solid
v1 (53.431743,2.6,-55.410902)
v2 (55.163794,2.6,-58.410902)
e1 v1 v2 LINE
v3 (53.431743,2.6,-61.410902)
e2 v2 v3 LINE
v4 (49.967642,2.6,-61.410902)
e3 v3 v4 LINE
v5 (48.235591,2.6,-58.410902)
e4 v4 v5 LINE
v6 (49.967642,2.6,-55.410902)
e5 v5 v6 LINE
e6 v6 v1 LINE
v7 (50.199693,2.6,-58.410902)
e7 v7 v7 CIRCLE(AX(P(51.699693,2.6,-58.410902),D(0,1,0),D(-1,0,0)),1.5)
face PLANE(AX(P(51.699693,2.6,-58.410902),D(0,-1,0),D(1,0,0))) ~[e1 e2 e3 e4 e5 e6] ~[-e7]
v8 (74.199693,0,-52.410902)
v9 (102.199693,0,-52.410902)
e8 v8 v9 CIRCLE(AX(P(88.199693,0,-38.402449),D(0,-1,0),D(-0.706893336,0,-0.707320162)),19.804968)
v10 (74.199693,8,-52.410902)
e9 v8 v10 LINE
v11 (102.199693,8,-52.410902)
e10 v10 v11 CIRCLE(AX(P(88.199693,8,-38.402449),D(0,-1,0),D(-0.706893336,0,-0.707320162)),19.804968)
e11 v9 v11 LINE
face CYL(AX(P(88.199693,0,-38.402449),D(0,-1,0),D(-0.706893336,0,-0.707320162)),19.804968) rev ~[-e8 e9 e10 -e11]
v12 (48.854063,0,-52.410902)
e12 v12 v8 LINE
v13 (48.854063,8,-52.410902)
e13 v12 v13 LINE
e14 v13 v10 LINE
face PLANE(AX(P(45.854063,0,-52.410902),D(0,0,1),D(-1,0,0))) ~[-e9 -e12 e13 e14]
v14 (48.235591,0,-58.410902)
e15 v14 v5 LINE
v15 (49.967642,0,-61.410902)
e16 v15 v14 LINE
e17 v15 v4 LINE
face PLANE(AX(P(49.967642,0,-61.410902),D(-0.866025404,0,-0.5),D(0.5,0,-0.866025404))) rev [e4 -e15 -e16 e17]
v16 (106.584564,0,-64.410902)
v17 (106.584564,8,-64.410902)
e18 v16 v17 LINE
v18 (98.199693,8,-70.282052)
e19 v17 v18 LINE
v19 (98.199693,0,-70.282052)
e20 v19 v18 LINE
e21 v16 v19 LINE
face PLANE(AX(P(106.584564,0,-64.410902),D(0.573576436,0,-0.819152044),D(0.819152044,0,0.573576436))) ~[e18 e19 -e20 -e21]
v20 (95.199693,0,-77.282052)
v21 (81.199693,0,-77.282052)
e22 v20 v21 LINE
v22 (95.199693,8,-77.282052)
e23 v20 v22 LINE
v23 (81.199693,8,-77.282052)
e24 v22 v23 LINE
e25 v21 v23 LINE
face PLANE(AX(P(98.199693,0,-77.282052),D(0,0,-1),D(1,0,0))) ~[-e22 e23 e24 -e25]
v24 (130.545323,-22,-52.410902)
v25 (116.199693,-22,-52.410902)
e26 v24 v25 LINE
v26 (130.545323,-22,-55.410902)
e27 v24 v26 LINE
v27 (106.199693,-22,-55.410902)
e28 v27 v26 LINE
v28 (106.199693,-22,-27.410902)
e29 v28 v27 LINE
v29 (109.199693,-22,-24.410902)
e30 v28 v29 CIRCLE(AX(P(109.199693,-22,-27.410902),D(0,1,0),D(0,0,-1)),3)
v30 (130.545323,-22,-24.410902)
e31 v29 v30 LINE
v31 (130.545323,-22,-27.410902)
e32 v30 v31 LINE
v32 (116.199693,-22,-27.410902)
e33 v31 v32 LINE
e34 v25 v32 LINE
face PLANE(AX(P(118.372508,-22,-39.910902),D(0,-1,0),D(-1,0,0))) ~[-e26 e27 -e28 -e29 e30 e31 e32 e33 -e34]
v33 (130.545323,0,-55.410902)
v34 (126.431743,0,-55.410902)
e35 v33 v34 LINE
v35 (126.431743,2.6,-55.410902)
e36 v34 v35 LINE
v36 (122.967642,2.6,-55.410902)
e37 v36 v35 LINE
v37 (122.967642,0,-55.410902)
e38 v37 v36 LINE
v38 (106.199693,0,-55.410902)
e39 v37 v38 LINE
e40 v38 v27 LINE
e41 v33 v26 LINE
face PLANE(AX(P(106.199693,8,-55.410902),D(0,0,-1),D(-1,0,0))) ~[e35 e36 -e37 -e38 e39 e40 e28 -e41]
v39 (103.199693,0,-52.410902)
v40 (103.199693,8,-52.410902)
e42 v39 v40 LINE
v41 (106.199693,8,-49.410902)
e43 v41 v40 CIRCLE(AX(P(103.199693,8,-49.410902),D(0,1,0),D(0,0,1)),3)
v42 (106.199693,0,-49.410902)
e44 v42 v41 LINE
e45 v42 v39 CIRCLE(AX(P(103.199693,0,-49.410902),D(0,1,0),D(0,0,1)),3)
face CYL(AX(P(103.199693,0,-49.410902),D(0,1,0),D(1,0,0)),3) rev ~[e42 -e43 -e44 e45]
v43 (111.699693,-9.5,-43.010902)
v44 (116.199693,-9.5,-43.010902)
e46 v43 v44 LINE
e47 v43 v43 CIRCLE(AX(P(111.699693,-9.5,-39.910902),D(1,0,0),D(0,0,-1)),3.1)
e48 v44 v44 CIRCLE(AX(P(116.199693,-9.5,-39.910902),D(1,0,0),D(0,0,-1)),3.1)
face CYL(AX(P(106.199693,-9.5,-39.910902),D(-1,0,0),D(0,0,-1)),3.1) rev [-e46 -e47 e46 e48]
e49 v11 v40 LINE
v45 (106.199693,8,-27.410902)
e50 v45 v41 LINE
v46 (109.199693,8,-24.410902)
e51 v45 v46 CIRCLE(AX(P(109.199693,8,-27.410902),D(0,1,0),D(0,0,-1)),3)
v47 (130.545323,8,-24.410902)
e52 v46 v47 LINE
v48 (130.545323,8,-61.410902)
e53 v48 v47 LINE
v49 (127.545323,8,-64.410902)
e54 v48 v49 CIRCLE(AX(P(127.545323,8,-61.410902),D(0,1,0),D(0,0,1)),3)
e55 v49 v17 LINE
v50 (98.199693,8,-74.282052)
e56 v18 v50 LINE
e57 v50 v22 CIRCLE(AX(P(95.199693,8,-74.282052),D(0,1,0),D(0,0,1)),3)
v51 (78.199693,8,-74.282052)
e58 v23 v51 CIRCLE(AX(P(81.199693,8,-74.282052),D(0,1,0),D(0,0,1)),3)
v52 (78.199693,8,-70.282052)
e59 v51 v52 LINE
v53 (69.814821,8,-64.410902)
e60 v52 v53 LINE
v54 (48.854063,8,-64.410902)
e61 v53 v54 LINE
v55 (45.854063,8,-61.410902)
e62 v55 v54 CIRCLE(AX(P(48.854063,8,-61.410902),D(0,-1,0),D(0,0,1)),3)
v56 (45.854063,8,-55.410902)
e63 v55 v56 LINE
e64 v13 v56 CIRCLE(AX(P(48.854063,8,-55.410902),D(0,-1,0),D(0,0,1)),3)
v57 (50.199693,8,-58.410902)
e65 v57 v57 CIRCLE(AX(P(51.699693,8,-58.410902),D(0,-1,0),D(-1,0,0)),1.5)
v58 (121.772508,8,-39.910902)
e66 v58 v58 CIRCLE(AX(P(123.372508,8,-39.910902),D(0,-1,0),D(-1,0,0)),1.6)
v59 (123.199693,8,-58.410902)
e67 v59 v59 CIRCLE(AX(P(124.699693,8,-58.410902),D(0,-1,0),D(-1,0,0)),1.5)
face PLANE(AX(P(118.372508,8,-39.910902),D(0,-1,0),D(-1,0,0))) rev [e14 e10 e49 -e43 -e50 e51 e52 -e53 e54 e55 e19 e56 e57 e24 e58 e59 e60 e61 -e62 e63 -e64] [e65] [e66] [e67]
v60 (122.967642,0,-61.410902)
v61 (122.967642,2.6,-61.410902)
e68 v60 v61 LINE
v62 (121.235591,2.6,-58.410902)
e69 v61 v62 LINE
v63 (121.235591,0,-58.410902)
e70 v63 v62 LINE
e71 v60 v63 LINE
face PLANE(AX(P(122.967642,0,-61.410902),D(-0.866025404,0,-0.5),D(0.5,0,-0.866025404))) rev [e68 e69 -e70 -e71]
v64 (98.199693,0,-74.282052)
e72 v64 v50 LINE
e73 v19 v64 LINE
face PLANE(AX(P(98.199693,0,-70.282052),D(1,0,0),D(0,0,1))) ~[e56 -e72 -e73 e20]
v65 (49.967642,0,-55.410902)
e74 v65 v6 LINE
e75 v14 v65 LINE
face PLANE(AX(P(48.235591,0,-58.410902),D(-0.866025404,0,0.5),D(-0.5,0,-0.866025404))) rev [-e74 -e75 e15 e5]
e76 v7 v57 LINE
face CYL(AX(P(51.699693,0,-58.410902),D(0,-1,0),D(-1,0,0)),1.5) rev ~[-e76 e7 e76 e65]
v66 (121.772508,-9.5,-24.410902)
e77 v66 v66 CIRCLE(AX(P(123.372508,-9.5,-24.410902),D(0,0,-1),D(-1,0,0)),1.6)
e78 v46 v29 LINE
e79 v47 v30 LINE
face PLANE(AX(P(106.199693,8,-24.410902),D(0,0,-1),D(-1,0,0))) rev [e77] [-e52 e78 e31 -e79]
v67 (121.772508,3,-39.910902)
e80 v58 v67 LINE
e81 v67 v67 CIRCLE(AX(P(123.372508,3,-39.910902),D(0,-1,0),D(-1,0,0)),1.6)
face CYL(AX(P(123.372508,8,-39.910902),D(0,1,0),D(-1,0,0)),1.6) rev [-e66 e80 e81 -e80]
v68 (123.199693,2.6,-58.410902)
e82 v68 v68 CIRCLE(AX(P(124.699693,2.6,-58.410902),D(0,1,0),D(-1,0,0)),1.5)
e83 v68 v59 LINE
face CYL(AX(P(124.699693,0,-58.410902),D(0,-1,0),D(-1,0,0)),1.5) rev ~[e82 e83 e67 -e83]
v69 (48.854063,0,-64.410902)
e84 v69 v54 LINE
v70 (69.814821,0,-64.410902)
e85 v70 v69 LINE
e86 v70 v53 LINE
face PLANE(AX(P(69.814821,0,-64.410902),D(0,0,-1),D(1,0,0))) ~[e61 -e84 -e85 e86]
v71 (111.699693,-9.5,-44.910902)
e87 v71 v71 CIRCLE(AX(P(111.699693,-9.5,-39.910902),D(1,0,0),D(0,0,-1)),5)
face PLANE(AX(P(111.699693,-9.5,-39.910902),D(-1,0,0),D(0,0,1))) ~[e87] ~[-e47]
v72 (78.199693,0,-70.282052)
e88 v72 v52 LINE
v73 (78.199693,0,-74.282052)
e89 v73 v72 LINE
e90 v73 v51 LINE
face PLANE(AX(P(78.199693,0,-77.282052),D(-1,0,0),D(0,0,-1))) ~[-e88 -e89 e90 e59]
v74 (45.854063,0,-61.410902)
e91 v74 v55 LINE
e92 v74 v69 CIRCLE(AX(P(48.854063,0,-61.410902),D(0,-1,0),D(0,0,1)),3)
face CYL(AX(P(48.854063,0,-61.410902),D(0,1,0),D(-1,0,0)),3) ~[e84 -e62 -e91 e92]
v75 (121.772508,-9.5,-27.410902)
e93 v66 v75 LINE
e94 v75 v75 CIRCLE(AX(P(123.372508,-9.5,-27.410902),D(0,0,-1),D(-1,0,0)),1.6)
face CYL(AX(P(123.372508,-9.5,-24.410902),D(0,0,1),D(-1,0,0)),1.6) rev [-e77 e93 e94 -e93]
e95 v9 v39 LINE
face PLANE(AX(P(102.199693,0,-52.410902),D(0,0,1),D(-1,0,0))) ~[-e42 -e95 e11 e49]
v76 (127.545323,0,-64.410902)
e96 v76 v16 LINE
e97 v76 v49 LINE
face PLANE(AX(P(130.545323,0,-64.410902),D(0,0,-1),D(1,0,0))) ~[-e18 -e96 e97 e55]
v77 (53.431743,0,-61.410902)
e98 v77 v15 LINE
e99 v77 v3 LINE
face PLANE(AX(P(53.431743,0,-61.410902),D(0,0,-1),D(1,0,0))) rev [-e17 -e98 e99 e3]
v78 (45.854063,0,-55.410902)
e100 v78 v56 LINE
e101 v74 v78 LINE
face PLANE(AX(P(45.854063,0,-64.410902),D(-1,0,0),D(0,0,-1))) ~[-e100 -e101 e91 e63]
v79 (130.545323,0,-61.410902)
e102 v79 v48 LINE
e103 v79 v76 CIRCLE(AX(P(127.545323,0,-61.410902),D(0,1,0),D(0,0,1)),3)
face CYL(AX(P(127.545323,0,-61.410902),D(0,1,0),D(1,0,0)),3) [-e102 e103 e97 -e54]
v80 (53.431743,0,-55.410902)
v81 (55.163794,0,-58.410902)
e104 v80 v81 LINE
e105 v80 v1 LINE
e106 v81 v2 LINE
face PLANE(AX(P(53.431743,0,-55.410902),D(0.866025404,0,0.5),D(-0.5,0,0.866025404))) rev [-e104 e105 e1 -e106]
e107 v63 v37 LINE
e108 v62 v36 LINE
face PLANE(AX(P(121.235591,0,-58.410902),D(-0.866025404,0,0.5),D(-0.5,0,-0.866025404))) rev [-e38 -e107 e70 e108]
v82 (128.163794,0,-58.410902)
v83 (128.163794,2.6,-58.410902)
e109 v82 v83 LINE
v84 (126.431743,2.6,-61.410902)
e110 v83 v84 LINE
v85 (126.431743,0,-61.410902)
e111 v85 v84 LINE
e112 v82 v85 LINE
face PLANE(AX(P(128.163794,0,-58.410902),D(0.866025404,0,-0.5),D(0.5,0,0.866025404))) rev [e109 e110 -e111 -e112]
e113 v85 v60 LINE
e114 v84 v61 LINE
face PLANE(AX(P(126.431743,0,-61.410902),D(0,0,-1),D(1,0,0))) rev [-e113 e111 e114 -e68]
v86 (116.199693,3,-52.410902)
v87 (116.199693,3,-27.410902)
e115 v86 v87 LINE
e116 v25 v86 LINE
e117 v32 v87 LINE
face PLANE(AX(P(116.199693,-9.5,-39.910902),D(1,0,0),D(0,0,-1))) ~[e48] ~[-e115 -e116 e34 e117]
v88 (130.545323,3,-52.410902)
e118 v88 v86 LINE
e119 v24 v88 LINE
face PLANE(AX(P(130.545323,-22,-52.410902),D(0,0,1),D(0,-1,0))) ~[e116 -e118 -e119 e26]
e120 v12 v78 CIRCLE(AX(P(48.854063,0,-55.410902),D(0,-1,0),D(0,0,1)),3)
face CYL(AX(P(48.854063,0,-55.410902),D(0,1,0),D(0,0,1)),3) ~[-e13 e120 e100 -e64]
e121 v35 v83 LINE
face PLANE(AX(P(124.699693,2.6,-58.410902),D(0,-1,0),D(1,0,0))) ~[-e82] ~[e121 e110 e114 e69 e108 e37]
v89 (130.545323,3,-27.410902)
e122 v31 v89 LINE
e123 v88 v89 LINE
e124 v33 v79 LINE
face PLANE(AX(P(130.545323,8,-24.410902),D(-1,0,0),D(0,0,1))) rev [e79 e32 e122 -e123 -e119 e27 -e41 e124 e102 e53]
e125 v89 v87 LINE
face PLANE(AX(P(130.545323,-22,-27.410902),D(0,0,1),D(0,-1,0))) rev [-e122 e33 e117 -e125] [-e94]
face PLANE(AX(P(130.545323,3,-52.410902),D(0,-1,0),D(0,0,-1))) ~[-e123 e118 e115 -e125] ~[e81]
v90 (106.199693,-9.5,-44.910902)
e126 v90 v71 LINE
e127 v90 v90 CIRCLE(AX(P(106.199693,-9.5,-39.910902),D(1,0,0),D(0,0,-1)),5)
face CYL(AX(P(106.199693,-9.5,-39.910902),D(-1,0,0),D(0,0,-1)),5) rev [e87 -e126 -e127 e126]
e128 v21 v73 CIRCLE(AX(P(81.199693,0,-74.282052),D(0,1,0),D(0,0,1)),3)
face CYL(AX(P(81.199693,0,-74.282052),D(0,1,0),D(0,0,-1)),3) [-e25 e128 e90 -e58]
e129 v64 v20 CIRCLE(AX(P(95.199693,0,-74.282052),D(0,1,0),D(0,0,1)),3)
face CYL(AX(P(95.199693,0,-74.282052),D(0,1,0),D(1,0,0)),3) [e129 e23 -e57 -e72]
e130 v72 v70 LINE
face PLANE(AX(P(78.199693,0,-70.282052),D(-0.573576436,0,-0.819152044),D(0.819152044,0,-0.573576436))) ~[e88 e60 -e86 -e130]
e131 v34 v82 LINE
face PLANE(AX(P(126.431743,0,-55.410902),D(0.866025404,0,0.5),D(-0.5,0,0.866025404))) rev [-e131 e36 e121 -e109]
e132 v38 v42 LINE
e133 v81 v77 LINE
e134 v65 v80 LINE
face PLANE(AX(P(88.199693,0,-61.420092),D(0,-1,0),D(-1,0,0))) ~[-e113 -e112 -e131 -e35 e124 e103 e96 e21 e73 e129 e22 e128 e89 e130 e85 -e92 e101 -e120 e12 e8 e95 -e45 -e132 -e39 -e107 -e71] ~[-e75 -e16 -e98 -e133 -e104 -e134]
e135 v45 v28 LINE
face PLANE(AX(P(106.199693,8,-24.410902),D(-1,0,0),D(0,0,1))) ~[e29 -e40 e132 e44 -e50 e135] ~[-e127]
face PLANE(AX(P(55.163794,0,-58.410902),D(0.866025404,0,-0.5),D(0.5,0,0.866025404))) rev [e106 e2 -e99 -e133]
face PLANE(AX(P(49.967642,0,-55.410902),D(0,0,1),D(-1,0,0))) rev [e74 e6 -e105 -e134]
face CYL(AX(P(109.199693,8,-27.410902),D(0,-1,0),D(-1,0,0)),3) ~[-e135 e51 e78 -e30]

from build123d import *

# Parameters (mm, degrees)
SKETCH2_R           = 1.5
BOSS_EXTRUDE1_DEPTH = 8
SKETCH11_W          = 24.345630124
SKETCH11_H          = 31
BOSS_EXTRUDE4_DEPTH = 30
SKETCH12_W          = 25
SKETCH12_H          = 25
CUT_EXTRUDE7_DEPTH  = 14.34563
CUT_EXTRUDE8_REACH  = 26.346
SKETCH13_R          = 3.1
SKETCH14_R          = 5
CUT_EXTRUDE9_DEPTH  = 5.5
SKETCH15_R          = 1.6
CUT_EXTRUDE10_DEPTH = 5.5
CUT_EXTRUDE11_REACH = 32
SKETCH16_R          = 1.6
CUT_EXTRUDE12_DEPTH = 2.6
FILLET2_R           = 3


with BuildPart() as part:
    # Sketch2 → Boss-Extrude1 (new body)
    with BuildSketch(Plane(origin=(0, 0, 0), x_dir=(1, 0, 0), z_dir=(0, 1, 0))):
        with BuildLine():
            Line((-38.837197709, 64.4109018), (-14.876439197, 64.4109018))
            Line((-14.876439197, 64.4109018), (-6.491567585, 70.282052109))
            Line((-6.491567585, 70.282052109), (-6.491567585, 77.282052109))
            Line((-6.491567585, 77.282052109), (13.508432415, 77.282052109))
            Line((13.508432415, 77.282052109), (13.508432415, 70.282052109))
            Line((13.508432415, 70.282052109), (21.893304027, 64.4109018))
            Line((21.893304027, 64.4109018), (45.85406254, 64.4109018))
            Line((45.85406254, 64.4109018), (45.85406254, 52.4109018))
            Line((45.85406254, 52.4109018), (17.508432415, 52.4109018))
            ThreePointArc((17.508432415, 52.4109018), (3.508432415, 58.207416665), (-10.491567585, 52.4109018))
            Line((-10.491567585, 52.4109018), (-38.837197709, 52.4109018))
            Line((-38.837197709, 52.4109018), (-38.837197709, 64.4109018))
        make_face()
        with Locations((-32.991567585, 58.4109018)):
            Circle(SKETCH2_R, mode=Mode.SUBTRACT)
        with Locations((40.008432415, 58.4109018)):
            Circle(SKETCH2_R, mode=Mode.SUBTRACT)
    extrude(amount=BOSS_EXTRUDE1_DEPTH)

    # Sketch11 → Boss-Extrude4 (add)
    with BuildSketch(Plane(origin=(0, 8, 0), x_dir=(-1, 0, 0), z_dir=(0, -1, 0))):
        with Locations((26.664382647, 39.9109018)):
            Rectangle(SKETCH11_W, SKETCH11_H)
    extrude(amount=BOSS_EXTRUDE4_DEPTH)

    # Sketch12 → Cut-Extrude7 (cut)
    with BuildSketch(Plane.ZY.offset(38.837197709)):
        with Locations((-39.9109018, -9.5)):
            Rectangle(SKETCH12_W, SKETCH12_H)
    extrude(amount=-CUT_EXTRUDE7_DEPTH, mode=Mode.SUBTRACT)

    # Sketch13 → Cut-Extrude8 (cut, up to next)
    with BuildSketch(Plane(origin=(-14.491567585, 0, 0), x_dir=(0, 0, -1), z_dir=(1, 0, 0)), mode=Mode.PRIVATE) as cut_extrude8_sk1:
        with Locations((39.9109018, -9.5)):
            Circle(SKETCH13_R)
    cut_extrude8_tool1 = extrude(cut_extrude8_sk1.sketch, amount=-CUT_EXTRUDE8_REACH, mode=Mode.PRIVATE) & part.part
    add(cut_extrude8_tool1.solids().sort_by_distance((-14.491568, -9.5, -39.910902))[0], mode=Mode.SUBTRACT)

    # Sketch14 → Cut-Extrude9 (cut)
    with BuildSketch(Plane(origin=(-14.491567585, 0, 0), x_dir=(0, 0, -1), z_dir=(1, 0, 0))):
        with Locations((39.9109018, -9.5)):
            Circle(SKETCH14_R)
    extrude(amount=-CUT_EXTRUDE9_DEPTH, mode=Mode.SUBTRACT)

    # Sketch15 → Cut-Extrude10 (cut)
    with BuildSketch(Plane.XY.offset(-24.4109018)):
        with Locations((-31.664382647, -9.5)):
            Circle(SKETCH15_R)
    extrude(amount=-CUT_EXTRUDE10_DEPTH, mode=Mode.SUBTRACT)

    # Sketch16 → Cut-Extrude11 (cut, up to next)
    with BuildSketch(Plane(origin=(0, 8, 0), x_dir=(1, 0, 0), z_dir=(0, 1, 0)), mode=Mode.PRIVATE) as cut_extrude11_sk1:
        with Locations((-31.664382647, 39.9109018)):
            Circle(SKETCH16_R)
    cut_extrude11_tool1 = extrude(cut_extrude11_sk1.sketch, amount=-CUT_EXTRUDE11_REACH, mode=Mode.PRIVATE) & part.part
    add(cut_extrude11_tool1.solids().sort_by_distance((-31.664383, 8, -39.910902))[0], mode=Mode.SUBTRACT)

    # Sketch17 → Cut-Extrude12 (cut)
    with BuildSketch(Plane.XZ):
        Polygon((-31.259516777, -61.4109018), (-29.52746597, -58.4109018), (-31.259516777, -55.4109018), (-34.723618392, -55.4109018), (-36.4556692, -58.4109018), (-34.723618392, -61.4109018), align=None)
        Polygon((38.276381608, -61.4109018), (41.740483223, -61.4109018), (43.47253403, -58.4109018), (41.740483223, -55.4109018), (38.276381608, -55.4109018), (36.5443308, -58.4109018), align=None)
    extrude(amount=-CUT_EXTRUDE12_DEPTH, mode=Mode.SUBTRACT)

    # Fillet2
    fillet2_edges = [part.edges().sort_by_distance(p)[0] for p in [
        (-38.837197709, 4, -64.4109018),
        (-6.491567585, 4, -77.282052109),
        (13.508432415, 4, -77.282052109),
        (45.85406254, 4, -64.4109018),
        (45.85406254, 4, -52.4109018),
        (-14.491567585, 4, -52.4109018),
        (-14.491567585, -7, -24.4109018),
    ]]
    fillet(fillet2_edges, radius=FILLET2_R)


with BuildPart() as body_2:
    # Mirror2: mirrored copy
    add(part.part.mirror(Plane(origin=(45.85406254, 8, -64.4109018), x_dir=(0, 0, 1), z_dir=(-1, 0, 0))))


solid = body_2.part
